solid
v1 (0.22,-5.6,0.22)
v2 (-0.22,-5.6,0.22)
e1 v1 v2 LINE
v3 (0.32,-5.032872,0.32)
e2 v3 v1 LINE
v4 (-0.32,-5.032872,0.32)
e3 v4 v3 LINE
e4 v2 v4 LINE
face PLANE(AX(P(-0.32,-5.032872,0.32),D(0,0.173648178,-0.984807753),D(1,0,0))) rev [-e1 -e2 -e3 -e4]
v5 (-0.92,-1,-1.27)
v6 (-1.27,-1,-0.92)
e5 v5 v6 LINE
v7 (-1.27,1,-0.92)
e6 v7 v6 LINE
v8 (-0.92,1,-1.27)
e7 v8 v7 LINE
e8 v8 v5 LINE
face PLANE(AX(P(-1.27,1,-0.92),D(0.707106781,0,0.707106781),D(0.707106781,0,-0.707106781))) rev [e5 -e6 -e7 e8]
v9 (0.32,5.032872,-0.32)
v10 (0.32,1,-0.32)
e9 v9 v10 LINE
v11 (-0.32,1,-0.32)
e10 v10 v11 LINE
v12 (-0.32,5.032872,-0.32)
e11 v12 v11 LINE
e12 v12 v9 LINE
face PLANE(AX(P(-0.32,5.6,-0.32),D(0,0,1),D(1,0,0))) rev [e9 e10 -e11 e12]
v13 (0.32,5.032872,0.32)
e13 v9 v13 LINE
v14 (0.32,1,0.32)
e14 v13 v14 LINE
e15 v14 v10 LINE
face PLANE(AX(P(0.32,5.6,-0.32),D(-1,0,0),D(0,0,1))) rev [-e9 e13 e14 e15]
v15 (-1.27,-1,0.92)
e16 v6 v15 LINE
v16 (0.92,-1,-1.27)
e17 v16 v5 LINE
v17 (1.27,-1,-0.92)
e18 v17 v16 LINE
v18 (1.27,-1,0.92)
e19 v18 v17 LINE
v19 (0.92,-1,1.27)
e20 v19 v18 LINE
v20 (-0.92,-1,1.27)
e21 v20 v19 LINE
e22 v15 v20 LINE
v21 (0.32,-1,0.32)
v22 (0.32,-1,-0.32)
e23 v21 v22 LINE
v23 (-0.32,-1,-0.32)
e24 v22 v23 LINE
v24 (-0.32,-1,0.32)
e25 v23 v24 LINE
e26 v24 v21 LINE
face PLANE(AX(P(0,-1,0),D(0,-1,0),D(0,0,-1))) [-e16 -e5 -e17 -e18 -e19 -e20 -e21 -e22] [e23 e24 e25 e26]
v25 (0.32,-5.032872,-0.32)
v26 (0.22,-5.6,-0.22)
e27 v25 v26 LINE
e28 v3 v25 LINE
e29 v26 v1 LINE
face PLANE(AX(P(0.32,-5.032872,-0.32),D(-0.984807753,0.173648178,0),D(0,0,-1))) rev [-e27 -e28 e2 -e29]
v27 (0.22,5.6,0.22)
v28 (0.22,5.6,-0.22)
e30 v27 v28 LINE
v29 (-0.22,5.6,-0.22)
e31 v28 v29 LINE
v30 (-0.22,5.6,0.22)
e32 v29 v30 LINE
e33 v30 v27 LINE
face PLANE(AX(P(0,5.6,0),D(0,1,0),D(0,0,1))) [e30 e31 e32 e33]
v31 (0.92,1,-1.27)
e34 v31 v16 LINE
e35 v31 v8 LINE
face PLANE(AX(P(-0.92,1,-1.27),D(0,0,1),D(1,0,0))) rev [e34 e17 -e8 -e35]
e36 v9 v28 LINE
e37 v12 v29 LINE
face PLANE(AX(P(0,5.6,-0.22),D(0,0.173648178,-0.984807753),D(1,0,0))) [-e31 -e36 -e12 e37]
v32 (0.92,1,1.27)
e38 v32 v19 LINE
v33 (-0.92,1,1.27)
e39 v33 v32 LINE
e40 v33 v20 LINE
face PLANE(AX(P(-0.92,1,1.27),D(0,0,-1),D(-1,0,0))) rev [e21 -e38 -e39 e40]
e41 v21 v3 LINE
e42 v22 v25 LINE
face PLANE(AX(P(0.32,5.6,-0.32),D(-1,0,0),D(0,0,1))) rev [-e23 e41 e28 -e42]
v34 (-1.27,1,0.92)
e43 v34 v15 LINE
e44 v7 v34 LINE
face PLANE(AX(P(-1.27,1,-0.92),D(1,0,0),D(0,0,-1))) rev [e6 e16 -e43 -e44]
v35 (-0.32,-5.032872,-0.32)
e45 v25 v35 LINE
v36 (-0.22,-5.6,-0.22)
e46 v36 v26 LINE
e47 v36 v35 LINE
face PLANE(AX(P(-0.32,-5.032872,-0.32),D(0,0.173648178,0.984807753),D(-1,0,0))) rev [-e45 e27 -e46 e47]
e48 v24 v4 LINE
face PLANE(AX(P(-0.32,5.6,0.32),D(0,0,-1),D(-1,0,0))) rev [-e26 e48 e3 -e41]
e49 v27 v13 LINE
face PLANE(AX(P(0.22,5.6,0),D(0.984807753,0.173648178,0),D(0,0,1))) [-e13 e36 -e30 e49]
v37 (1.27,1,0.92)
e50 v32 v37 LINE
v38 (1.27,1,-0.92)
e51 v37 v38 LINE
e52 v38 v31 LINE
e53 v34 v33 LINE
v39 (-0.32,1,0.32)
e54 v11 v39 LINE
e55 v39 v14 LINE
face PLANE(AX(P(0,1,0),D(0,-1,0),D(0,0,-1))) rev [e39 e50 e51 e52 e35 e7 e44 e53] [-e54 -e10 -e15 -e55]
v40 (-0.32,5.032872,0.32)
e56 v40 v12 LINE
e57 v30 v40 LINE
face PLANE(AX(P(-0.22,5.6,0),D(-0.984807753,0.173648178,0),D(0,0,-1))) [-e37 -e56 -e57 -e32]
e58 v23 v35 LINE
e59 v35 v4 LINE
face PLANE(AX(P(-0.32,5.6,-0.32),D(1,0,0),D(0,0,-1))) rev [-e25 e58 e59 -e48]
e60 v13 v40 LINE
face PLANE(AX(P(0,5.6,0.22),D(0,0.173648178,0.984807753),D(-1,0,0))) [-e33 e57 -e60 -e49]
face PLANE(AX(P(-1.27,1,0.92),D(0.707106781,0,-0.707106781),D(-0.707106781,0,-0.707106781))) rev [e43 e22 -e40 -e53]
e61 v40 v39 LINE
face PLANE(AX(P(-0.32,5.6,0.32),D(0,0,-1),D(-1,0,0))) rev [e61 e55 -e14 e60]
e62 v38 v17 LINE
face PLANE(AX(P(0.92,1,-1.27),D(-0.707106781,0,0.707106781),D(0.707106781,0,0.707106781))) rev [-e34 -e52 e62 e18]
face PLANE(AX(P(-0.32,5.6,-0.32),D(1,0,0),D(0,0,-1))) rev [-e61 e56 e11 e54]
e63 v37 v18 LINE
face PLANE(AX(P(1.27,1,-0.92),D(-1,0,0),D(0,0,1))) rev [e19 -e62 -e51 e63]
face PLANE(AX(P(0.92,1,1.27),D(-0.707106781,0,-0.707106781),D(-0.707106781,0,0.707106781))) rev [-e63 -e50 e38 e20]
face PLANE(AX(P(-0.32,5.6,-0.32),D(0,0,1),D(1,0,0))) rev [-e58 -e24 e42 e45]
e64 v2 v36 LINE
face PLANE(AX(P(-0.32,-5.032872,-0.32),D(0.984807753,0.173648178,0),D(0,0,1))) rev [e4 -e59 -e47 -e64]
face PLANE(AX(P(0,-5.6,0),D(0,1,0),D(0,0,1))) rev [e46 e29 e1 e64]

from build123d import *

# Parameters (mm, degrees)
SALIENTE_EXTRUIR1_DEPTH = 1
CROQUIS2_W              = 0.64
CROQUIS2_H              = 0.64
SALIENTE_EXTRUIR2_DEPTH = 5.6
CHAFL_N1_SIZE           = 0.1
CHAFL_N1_SIZE2          = 0.567128182
CHAFL_N1_PART_2_SIZE    = 0.1
CHAFL_N1_PART_2_SIZE2   = 0.567128182


with BuildPart() as part:
    # Croquis1 → Saliente-Extruir1 (new body, symmetric)
    with BuildSketch(Plane(origin=(0, 0, 0), x_dir=(1, 0, 0), z_dir=(0, 1, 0))):
        Polygon((-1.27, 0.92), (-0.92, 1.27), (0.92, 1.27), (1.27, 0.92), (1.27, -0.92), (0.92, -1.27), (-0.92, -1.27), (-1.27, -0.92), align=None)
    extrude(amount=SALIENTE_EXTRUIR1_DEPTH, both=True)

    # Croquis2 → Saliente-Extruir2 (add, symmetric)
    with BuildSketch(Plane(origin=(0, 0, 0), x_dir=(1, 0, 0), z_dir=(0, 1, 0))):
        Rectangle(CROQUIS2_W, CROQUIS2_H)
    extrude(amount=SALIENTE_EXTRUIR2_DEPTH, both=True)

    # Chaflán1
    chafl_n1_edges = [part.edges().sort_by_distance(p)[0] for p in [
        (0.32, -5.6, 0),
        (0, -5.6, -0.32),
        (-0.32, -5.6, 0),
        (0, -5.6, 0.32),
    ]]
    chafl_n1_side = [part.faces().sort_by_distance(p)[0] for p in [
        (0, -5.6, 0),
    ]]
    chamfer(chafl_n1_edges, length=CHAFL_N1_SIZE, length2=CHAFL_N1_SIZE2, reference=chafl_n1_side[0])

    # Chaflán1 part 2
    chafl_n1_part_2_edges = [part.edges().sort_by_distance(p)[0] for p in [
        (0.32, 5.6, 0),
        (0, 5.6, -0.32),
        (-0.32, 5.6, 0),
        (0, 5.6, 0.32),
    ]]
    chafl_n1_part_2_side = [part.faces().sort_by_distance(p)[0] for p in [
        (0, 5.6, 0),
    ]]
    chamfer(chafl_n1_part_2_edges, length=CHAFL_N1_PART_2_SIZE, length2=CHAFL_N1_PART_2_SIZE2, reference=chafl_n1_part_2_side[0])


solid = part.part
